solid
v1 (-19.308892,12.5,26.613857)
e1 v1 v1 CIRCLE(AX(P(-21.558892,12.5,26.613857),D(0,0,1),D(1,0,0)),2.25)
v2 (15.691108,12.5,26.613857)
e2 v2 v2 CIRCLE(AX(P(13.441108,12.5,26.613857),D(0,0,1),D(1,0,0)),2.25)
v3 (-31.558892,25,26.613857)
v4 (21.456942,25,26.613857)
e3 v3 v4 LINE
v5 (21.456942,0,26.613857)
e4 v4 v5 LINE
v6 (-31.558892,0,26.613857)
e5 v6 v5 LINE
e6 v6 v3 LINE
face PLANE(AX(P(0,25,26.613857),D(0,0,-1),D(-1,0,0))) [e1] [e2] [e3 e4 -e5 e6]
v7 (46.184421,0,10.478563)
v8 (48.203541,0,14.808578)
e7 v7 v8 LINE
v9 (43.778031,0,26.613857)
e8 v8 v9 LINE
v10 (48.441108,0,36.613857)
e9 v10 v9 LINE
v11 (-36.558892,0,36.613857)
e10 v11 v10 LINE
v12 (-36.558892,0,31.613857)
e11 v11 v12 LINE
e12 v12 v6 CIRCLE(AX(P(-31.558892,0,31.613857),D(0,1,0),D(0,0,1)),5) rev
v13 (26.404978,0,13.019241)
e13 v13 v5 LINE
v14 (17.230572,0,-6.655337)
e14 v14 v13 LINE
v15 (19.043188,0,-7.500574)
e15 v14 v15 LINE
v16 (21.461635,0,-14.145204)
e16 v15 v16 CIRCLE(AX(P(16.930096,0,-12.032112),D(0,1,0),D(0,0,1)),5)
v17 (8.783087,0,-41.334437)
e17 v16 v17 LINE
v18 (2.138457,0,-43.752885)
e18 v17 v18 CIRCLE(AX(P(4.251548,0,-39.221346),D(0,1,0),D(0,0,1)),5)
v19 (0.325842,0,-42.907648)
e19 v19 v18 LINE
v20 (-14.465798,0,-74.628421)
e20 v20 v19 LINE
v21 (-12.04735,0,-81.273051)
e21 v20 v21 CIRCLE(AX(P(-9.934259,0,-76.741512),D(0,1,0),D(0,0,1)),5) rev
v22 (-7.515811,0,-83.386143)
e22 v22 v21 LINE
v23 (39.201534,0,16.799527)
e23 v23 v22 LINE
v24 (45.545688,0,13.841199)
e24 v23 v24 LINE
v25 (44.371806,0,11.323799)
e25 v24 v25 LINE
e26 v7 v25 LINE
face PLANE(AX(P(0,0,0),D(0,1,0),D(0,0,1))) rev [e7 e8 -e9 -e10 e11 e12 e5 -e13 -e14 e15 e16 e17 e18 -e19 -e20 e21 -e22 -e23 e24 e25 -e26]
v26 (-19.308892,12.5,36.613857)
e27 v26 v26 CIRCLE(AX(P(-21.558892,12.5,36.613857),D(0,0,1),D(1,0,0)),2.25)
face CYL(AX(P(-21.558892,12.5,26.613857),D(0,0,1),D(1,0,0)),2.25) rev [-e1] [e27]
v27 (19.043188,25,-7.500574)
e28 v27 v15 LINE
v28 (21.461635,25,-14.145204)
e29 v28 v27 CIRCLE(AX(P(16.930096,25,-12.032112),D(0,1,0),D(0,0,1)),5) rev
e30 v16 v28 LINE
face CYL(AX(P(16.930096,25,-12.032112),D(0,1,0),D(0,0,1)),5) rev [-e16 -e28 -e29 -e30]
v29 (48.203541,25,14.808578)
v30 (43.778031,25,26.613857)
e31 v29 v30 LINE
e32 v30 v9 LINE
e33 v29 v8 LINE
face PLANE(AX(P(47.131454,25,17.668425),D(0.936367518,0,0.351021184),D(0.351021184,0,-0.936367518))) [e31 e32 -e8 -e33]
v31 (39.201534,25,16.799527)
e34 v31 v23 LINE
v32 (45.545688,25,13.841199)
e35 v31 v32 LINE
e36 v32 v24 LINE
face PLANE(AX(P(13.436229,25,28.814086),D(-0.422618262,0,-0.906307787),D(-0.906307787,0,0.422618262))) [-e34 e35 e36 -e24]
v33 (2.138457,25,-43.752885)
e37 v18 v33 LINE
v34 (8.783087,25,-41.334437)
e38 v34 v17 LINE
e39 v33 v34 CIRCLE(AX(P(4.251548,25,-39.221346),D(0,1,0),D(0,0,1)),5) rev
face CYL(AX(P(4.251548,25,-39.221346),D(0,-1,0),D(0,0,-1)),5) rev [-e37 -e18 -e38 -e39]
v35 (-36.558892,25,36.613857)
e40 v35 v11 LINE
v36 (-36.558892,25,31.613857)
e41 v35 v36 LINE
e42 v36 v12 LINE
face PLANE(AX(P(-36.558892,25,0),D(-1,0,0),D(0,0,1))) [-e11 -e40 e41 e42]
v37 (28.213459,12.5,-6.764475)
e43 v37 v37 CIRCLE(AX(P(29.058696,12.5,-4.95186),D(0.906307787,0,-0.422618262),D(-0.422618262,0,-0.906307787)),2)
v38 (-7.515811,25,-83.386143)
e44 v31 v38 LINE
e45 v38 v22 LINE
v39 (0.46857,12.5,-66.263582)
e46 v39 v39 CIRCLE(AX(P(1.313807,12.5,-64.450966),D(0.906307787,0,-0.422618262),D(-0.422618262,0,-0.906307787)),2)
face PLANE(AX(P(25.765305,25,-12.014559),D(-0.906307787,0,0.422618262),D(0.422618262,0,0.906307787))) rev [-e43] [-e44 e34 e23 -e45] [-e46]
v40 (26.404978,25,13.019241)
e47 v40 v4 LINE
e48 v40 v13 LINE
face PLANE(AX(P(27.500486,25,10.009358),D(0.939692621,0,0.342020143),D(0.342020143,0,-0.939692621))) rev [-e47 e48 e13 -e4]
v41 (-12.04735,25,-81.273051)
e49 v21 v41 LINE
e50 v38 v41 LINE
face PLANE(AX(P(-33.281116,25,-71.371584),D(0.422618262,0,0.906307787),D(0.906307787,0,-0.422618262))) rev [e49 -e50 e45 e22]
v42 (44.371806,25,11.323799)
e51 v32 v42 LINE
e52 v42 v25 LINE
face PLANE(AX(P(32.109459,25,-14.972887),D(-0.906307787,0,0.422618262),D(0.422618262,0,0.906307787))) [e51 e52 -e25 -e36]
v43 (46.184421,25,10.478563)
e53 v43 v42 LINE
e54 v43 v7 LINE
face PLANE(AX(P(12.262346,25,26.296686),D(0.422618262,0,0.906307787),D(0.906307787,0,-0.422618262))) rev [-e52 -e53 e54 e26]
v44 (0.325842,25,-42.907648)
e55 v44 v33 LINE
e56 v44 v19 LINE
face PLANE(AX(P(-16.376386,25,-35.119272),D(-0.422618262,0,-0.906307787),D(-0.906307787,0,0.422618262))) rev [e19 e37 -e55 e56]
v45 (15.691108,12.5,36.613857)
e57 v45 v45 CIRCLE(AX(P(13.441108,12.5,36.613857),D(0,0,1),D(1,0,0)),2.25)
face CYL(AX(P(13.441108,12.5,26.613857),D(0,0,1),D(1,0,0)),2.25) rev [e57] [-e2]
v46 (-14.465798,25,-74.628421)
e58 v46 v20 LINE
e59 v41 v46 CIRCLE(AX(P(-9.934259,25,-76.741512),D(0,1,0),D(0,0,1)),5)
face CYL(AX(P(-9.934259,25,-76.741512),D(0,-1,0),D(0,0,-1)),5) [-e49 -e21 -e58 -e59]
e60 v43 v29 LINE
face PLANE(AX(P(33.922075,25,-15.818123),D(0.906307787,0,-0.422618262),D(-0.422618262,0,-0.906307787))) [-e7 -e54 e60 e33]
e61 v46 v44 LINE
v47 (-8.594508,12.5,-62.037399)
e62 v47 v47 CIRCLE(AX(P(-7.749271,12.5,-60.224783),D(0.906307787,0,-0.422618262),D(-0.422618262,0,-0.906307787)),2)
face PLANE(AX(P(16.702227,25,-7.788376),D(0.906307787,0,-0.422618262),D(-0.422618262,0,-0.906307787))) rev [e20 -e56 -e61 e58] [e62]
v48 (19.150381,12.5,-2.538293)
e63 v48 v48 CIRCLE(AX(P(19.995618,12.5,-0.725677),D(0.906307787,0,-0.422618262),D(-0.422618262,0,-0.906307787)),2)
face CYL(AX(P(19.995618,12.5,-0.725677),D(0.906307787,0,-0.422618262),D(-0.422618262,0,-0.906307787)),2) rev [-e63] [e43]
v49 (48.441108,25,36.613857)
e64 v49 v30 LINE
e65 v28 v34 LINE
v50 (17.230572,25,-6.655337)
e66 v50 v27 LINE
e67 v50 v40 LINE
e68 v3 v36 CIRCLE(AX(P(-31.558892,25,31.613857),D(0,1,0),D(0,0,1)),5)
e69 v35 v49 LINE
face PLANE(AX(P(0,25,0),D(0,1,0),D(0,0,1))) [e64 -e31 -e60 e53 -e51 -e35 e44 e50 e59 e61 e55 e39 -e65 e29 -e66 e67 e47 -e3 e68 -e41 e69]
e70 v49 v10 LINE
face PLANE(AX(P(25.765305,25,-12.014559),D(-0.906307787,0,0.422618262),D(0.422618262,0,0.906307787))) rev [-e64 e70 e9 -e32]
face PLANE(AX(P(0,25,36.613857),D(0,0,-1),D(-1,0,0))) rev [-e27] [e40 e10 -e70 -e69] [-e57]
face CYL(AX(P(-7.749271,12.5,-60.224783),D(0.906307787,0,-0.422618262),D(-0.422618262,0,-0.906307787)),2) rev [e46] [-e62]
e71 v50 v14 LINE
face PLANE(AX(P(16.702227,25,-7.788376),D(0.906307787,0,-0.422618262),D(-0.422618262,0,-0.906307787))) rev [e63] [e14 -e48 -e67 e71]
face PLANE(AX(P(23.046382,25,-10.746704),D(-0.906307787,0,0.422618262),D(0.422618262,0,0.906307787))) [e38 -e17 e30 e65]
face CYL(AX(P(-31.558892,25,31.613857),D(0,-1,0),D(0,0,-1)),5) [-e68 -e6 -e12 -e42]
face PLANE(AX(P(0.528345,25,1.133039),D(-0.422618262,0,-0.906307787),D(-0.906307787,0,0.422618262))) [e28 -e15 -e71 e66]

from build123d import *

# Parameters (mm, degrees)
BOSS_EXTRUDE1_DEPTH = 25
FILLET3_R           = 5
FILLET4_R           = 5
FILLET6_R           = 5
FILLET7_R           = 5
SKETCH3_R           = 2
CUT_EXTRUDE1_DEPTH  = 10
SKETCH4_R           = 2.25
CUT_EXTRUDE2_DEPTH  = 10


with BuildPart() as part:
    # Sketch1 → Boss-Extrude1 (new body)
    with BuildSketch(Plane(origin=(0, 0, 0), x_dir=(1, 0, 0), z_dir=(0, 1, 0))):
        Polygon((-36.558892084, -26.613857404), (-36.558892084, -36.613857404), (48.441107916, -36.613857404), (43.778031334, -26.613857404), (48.203540535, -14.808578263), (46.184421194, -10.478562864), (44.37180562, -11.323799388), (45.545688437, -13.841199212), (39.201533928, -16.799527044), (-7.515811063, 83.386142596), (-16.578888933, 79.159959979), (0.325841536, 42.907648497), (6.669996046, 45.86597633), (23.574726515, 9.613664848), (17.230572006, 6.655337016), (26.404978218, -13.019240598), (21.456942355, -26.613857404), align=None)
    extrude(amount=BOSS_EXTRUDE1_DEPTH)

    # Fillet3
    fillet3_edges = [part.edges().sort_by_distance(p)[0] for p in [
        (-16.578888933, 12.5, -79.159959979),
    ]]
    fillet(fillet3_edges, radius=FILLET3_R)

    # Fillet4
    fillet4_edges = [part.edges().sort_by_distance(p)[0] for p in [
        (-36.558892084, 12.5, 26.613857404),
    ]]
    fillet(fillet4_edges, radius=FILLET4_R)

    # Fillet6
    fillet6_edges = [part.edges().sort_by_distance(p)[0] for p in [
        (23.574726515, 12.5, -9.613664848),
    ]]
    fillet(fillet6_edges, radius=FILLET6_R)

    # Fillet7
    fillet7_edges = [part.edges().sort_by_distance(p)[0] for p in [
        (6.669996046, 12.5, -45.86597633),
    ]]
    fillet(fillet7_edges, radius=FILLET7_R)

    # Sketch3 → Cut-Extrude1 (cut)
    with BuildSketch(Plane(origin=(25.765304939, 0, -12.014559008), x_dir=(-0.422618261740704, 0, -0.9063077870366479), z_dir=(0.9063077870366479, 0, -0.422618261740704))):
        with Locations((57.857173695, 12.5)):
            Circle(SKETCH3_R)
        with Locations((-7.792826305, 12.5)):
            Circle(SKETCH3_R)
    extrude(amount=-CUT_EXTRUDE1_DEPTH, mode=Mode.SUBTRACT)

    # Sketch4 → Cut-Extrude2 (cut)
    with BuildSketch(Plane.XY.offset(36.613857404)):
        with Locations((-21.558892084, 12.5)):
            Circle(SKETCH4_R)
        with Locations((13.441107916, 12.5)):
            Circle(SKETCH4_R)
    extrude(amount=-CUT_EXTRUDE2_DEPTH, mode=Mode.SUBTRACT)


solid = part.part
